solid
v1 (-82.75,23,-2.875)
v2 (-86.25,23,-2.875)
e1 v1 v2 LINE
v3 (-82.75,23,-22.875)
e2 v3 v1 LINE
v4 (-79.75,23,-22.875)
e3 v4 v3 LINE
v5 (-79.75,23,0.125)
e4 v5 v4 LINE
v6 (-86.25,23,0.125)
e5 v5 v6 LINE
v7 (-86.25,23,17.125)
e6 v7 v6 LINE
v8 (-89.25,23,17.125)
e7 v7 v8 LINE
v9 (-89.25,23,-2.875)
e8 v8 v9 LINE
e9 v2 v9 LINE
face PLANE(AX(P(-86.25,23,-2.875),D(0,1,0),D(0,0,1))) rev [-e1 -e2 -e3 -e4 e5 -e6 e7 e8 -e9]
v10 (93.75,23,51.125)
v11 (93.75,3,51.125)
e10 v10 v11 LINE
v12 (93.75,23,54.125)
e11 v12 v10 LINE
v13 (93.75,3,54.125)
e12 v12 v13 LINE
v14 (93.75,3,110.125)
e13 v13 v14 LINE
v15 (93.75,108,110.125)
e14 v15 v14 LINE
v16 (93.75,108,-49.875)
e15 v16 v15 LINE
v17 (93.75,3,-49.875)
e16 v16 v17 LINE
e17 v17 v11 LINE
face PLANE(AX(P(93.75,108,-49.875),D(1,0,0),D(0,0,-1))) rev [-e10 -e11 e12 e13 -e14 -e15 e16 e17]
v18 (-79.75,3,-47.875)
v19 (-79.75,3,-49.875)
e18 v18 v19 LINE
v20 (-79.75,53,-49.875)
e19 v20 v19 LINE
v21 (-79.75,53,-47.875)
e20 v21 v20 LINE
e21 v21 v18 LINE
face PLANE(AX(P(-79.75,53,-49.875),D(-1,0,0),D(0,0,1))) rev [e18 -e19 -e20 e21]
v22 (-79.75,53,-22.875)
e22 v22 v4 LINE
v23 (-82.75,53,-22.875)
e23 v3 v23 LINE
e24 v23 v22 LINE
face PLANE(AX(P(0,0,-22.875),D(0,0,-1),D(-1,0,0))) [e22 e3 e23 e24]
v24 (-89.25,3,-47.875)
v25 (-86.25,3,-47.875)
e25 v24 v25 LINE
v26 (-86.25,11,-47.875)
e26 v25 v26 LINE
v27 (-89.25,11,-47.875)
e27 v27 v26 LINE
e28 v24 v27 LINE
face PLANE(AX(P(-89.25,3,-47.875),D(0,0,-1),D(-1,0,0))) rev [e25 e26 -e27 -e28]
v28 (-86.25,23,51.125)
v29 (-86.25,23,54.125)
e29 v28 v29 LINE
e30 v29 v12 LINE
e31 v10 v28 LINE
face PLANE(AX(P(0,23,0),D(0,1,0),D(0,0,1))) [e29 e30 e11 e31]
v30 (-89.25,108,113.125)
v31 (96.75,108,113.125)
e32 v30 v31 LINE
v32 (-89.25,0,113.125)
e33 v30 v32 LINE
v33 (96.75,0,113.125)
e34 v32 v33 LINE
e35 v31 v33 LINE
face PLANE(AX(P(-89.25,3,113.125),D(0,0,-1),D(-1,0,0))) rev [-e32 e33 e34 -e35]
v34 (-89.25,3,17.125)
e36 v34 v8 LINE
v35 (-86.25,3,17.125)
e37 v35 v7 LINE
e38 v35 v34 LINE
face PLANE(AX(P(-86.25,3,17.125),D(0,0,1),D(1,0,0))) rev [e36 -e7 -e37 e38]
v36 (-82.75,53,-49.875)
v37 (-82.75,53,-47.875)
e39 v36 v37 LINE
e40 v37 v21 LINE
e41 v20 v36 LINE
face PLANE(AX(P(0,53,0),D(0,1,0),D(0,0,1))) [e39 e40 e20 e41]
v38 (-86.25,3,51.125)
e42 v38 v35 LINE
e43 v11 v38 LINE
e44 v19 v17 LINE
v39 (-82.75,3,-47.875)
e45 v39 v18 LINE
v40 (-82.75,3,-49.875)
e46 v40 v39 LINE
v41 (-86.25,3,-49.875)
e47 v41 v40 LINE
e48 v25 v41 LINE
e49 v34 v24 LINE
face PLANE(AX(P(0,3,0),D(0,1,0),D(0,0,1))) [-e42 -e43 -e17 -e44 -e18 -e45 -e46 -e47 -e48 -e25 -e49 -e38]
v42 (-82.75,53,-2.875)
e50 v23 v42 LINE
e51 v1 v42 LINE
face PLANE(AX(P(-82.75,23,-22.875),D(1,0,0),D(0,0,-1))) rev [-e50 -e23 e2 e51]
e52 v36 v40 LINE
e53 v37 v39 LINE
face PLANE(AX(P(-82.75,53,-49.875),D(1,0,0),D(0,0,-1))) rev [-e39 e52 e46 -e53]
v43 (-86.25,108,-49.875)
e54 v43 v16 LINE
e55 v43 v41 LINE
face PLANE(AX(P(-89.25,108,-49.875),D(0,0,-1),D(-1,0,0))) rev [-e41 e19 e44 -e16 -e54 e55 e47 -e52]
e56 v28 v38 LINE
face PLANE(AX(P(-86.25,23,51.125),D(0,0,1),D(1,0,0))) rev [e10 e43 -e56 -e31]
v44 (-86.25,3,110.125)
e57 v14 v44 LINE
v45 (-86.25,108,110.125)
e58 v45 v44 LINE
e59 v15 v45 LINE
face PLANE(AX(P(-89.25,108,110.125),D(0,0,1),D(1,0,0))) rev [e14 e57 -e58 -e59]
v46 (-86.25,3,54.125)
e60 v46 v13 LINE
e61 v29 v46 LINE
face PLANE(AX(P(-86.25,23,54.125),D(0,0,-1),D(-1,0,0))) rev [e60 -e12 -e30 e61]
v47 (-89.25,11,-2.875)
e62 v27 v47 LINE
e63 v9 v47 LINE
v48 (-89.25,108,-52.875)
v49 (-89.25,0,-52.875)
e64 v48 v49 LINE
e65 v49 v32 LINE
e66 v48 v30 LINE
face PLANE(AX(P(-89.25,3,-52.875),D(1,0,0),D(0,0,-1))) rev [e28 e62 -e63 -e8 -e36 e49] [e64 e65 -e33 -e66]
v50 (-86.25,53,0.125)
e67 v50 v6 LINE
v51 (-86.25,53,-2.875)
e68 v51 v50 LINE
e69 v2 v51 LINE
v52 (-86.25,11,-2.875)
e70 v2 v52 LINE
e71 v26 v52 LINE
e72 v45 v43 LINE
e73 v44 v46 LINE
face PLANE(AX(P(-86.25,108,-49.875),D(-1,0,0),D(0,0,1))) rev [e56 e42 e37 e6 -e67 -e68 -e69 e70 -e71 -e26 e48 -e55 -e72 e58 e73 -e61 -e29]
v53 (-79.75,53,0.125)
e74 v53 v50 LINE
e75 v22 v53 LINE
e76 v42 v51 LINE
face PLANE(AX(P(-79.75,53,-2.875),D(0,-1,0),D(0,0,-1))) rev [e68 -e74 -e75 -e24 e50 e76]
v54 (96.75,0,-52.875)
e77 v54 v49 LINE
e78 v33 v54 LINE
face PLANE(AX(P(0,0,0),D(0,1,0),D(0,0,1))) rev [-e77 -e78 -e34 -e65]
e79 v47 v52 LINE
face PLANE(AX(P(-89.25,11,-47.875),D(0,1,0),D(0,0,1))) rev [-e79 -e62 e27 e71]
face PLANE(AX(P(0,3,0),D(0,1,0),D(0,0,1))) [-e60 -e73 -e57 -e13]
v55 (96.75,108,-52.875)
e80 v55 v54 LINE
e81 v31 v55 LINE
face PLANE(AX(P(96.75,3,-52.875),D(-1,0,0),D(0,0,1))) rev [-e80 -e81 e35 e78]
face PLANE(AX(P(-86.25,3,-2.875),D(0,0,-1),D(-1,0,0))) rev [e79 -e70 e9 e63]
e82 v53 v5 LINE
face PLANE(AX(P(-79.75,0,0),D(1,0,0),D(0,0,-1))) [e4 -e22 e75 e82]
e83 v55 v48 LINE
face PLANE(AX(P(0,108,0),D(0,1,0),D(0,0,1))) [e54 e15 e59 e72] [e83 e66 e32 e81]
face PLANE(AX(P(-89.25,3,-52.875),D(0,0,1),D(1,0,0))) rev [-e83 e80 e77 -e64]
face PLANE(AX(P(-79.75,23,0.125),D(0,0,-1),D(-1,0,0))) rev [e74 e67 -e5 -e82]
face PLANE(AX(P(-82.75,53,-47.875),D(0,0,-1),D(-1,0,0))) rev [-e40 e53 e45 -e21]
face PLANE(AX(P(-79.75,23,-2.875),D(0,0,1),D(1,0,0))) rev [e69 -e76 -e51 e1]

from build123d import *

# Parameters (mm, degrees)
SKETCH1_W            = 186
SKETCH1_H            = 166
BOSS_EXTRUDE6_DEPTH  = 3
SKETCH9_W            = 183
SKETCH9_H            = 3
BOSS_EXTRUDE7_DEPTH  = 105
SKETCH8_W            = 3
SKETCH8_H            = 163
BOSS_EXTRUDE8_DEPTH  = 105
SKETCH7_W            = 186
SKETCH7_H            = 3
BOSS_EXTRUDE9_DEPTH  = 105
SKETCH11_W           = 3
SKETCH11_H           = 160
BOSS_EXTRUDE10_DEPTH = 105
SKETCH12_W           = 180
SKETCH12_H           = 3
BOSS_EXTRUDE11_DEPTH = 20
SKETCH13_W           = 45
SKETCH13_H           = 8
CUT_EXTRUDE5_DEPTH   = 3
SKETCH20_W           = 3
SKETCH20_H           = 2
BOSS_EXTRUDE12_DEPTH = 50
SKETCH18_W           = 20
SKETCH18_H           = 20
CUT_EXTRUDE6_DEPTH   = 3
SKETCH22_W           = 3
SKETCH22_H           = 30
BOSS_EXTRUDE13_DEPTH = 6.5
SKETCH23_W           = 3
SKETCH23_H           = 30
BOSS_EXTRUDE15_DEPTH = 20


with BuildPart() as part:
    # Sketch1 → Boss-Extrude6 (new body)
    with BuildSketch(Plane(origin=(0, 0, 0), x_dir=(1, 0, 0), z_dir=(0, 1, 0))):
        with Locations((3.75, -30.125)):
            Rectangle(SKETCH1_W, SKETCH1_H)
    extrude(amount=BOSS_EXTRUDE6_DEPTH)

    # Sketch9 → Boss-Extrude7 (add)
    with BuildSketch(Plane(origin=(0, 3, 0), x_dir=(1, 0, 0), z_dir=(0, 1, 0))):
        with Locations((2.25, -111.625)):
            Rectangle(SKETCH9_W, SKETCH9_H)
    extrude(amount=BOSS_EXTRUDE7_DEPTH)

    # Sketch8 → Boss-Extrude8 (add)
    with BuildSketch(Plane(origin=(0, 3, 0), x_dir=(1, 0, 0), z_dir=(0, 1, 0))):
        with Locations((95.25, -31.625)):
            Rectangle(SKETCH8_W, SKETCH8_H)
    extrude(amount=BOSS_EXTRUDE8_DEPTH)

    # Sketch7 → Boss-Extrude9 (add)
    with BuildSketch(Plane(origin=(0, 3, 0), x_dir=(1, 0, 0), z_dir=(0, 1, 0))):
        with Locations((3.75, 51.375)):
            Rectangle(SKETCH7_W, SKETCH7_H)
    extrude(amount=BOSS_EXTRUDE9_DEPTH)

    # Sketch11 → Boss-Extrude10 (add)
    with BuildSketch(Plane(origin=(0, 3, 0), x_dir=(1, 0, 0), z_dir=(0, 1, 0))):
        with Locations((-87.75, -30.125)):
            Rectangle(SKETCH11_W, SKETCH11_H)
    extrude(amount=BOSS_EXTRUDE10_DEPTH)

    # Sketch12 → Boss-Extrude11 (add)
    with BuildSketch(Plane(origin=(0, 3, 0), x_dir=(1, 0, 0), z_dir=(0, 1, 0))):
        with Locations((3.75, -52.625)):
            Rectangle(SKETCH12_W, SKETCH12_H)
    extrude(amount=BOSS_EXTRUDE11_DEPTH)

    # Sketch13 → Cut-Extrude5 (cut)
    with BuildSketch(Plane(origin=(-86.25, 0, 0), x_dir=(0, 0, -1), z_dir=(1, 0, 0))):
        with Locations((25.375, 7)):
            Rectangle(SKETCH13_W, SKETCH13_H)
    extrude(amount=-CUT_EXTRUDE5_DEPTH, mode=Mode.SUBTRACT)

    # Sketch20 → Boss-Extrude12 (add)
    with BuildSketch(Plane(origin=(0, 3, 0), x_dir=(1, 0, 0), z_dir=(0, 1, 0))):
        with Locations((-81.25, 48.875)):
            Rectangle(SKETCH20_W, SKETCH20_H)
    extrude(amount=BOSS_EXTRUDE12_DEPTH)

    # Sketch18 → Cut-Extrude6 (cut)
    with BuildSketch(Plane.ZY.offset(89.25)):
        with Locations((7.125, 13)):
            Rectangle(SKETCH18_W, SKETCH18_H)
    extrude(amount=-CUT_EXTRUDE6_DEPTH, mode=Mode.SUBTRACT)

    # Sketch22 → Boss-Extrude13 (add)
    with BuildSketch(Plane(origin=(-86.25, 0, 0), x_dir=(0, 0, -1), z_dir=(1, 0, 0))):
        with Locations((1.375, 38)):
            Rectangle(SKETCH22_W, SKETCH22_H)
    extrude(amount=BOSS_EXTRUDE13_DEPTH)

    # Sketch23 → Boss-Extrude15 (add)
    with BuildSketch(Plane(origin=(0, 0, -2.875), x_dir=(-1, 0, 0), z_dir=(0, 0, -1))):
        with Locations((81.25, 38)):
            Rectangle(SKETCH23_W, SKETCH23_H)
    extrude(amount=BOSS_EXTRUDE15_DEPTH)


solid = part.part
